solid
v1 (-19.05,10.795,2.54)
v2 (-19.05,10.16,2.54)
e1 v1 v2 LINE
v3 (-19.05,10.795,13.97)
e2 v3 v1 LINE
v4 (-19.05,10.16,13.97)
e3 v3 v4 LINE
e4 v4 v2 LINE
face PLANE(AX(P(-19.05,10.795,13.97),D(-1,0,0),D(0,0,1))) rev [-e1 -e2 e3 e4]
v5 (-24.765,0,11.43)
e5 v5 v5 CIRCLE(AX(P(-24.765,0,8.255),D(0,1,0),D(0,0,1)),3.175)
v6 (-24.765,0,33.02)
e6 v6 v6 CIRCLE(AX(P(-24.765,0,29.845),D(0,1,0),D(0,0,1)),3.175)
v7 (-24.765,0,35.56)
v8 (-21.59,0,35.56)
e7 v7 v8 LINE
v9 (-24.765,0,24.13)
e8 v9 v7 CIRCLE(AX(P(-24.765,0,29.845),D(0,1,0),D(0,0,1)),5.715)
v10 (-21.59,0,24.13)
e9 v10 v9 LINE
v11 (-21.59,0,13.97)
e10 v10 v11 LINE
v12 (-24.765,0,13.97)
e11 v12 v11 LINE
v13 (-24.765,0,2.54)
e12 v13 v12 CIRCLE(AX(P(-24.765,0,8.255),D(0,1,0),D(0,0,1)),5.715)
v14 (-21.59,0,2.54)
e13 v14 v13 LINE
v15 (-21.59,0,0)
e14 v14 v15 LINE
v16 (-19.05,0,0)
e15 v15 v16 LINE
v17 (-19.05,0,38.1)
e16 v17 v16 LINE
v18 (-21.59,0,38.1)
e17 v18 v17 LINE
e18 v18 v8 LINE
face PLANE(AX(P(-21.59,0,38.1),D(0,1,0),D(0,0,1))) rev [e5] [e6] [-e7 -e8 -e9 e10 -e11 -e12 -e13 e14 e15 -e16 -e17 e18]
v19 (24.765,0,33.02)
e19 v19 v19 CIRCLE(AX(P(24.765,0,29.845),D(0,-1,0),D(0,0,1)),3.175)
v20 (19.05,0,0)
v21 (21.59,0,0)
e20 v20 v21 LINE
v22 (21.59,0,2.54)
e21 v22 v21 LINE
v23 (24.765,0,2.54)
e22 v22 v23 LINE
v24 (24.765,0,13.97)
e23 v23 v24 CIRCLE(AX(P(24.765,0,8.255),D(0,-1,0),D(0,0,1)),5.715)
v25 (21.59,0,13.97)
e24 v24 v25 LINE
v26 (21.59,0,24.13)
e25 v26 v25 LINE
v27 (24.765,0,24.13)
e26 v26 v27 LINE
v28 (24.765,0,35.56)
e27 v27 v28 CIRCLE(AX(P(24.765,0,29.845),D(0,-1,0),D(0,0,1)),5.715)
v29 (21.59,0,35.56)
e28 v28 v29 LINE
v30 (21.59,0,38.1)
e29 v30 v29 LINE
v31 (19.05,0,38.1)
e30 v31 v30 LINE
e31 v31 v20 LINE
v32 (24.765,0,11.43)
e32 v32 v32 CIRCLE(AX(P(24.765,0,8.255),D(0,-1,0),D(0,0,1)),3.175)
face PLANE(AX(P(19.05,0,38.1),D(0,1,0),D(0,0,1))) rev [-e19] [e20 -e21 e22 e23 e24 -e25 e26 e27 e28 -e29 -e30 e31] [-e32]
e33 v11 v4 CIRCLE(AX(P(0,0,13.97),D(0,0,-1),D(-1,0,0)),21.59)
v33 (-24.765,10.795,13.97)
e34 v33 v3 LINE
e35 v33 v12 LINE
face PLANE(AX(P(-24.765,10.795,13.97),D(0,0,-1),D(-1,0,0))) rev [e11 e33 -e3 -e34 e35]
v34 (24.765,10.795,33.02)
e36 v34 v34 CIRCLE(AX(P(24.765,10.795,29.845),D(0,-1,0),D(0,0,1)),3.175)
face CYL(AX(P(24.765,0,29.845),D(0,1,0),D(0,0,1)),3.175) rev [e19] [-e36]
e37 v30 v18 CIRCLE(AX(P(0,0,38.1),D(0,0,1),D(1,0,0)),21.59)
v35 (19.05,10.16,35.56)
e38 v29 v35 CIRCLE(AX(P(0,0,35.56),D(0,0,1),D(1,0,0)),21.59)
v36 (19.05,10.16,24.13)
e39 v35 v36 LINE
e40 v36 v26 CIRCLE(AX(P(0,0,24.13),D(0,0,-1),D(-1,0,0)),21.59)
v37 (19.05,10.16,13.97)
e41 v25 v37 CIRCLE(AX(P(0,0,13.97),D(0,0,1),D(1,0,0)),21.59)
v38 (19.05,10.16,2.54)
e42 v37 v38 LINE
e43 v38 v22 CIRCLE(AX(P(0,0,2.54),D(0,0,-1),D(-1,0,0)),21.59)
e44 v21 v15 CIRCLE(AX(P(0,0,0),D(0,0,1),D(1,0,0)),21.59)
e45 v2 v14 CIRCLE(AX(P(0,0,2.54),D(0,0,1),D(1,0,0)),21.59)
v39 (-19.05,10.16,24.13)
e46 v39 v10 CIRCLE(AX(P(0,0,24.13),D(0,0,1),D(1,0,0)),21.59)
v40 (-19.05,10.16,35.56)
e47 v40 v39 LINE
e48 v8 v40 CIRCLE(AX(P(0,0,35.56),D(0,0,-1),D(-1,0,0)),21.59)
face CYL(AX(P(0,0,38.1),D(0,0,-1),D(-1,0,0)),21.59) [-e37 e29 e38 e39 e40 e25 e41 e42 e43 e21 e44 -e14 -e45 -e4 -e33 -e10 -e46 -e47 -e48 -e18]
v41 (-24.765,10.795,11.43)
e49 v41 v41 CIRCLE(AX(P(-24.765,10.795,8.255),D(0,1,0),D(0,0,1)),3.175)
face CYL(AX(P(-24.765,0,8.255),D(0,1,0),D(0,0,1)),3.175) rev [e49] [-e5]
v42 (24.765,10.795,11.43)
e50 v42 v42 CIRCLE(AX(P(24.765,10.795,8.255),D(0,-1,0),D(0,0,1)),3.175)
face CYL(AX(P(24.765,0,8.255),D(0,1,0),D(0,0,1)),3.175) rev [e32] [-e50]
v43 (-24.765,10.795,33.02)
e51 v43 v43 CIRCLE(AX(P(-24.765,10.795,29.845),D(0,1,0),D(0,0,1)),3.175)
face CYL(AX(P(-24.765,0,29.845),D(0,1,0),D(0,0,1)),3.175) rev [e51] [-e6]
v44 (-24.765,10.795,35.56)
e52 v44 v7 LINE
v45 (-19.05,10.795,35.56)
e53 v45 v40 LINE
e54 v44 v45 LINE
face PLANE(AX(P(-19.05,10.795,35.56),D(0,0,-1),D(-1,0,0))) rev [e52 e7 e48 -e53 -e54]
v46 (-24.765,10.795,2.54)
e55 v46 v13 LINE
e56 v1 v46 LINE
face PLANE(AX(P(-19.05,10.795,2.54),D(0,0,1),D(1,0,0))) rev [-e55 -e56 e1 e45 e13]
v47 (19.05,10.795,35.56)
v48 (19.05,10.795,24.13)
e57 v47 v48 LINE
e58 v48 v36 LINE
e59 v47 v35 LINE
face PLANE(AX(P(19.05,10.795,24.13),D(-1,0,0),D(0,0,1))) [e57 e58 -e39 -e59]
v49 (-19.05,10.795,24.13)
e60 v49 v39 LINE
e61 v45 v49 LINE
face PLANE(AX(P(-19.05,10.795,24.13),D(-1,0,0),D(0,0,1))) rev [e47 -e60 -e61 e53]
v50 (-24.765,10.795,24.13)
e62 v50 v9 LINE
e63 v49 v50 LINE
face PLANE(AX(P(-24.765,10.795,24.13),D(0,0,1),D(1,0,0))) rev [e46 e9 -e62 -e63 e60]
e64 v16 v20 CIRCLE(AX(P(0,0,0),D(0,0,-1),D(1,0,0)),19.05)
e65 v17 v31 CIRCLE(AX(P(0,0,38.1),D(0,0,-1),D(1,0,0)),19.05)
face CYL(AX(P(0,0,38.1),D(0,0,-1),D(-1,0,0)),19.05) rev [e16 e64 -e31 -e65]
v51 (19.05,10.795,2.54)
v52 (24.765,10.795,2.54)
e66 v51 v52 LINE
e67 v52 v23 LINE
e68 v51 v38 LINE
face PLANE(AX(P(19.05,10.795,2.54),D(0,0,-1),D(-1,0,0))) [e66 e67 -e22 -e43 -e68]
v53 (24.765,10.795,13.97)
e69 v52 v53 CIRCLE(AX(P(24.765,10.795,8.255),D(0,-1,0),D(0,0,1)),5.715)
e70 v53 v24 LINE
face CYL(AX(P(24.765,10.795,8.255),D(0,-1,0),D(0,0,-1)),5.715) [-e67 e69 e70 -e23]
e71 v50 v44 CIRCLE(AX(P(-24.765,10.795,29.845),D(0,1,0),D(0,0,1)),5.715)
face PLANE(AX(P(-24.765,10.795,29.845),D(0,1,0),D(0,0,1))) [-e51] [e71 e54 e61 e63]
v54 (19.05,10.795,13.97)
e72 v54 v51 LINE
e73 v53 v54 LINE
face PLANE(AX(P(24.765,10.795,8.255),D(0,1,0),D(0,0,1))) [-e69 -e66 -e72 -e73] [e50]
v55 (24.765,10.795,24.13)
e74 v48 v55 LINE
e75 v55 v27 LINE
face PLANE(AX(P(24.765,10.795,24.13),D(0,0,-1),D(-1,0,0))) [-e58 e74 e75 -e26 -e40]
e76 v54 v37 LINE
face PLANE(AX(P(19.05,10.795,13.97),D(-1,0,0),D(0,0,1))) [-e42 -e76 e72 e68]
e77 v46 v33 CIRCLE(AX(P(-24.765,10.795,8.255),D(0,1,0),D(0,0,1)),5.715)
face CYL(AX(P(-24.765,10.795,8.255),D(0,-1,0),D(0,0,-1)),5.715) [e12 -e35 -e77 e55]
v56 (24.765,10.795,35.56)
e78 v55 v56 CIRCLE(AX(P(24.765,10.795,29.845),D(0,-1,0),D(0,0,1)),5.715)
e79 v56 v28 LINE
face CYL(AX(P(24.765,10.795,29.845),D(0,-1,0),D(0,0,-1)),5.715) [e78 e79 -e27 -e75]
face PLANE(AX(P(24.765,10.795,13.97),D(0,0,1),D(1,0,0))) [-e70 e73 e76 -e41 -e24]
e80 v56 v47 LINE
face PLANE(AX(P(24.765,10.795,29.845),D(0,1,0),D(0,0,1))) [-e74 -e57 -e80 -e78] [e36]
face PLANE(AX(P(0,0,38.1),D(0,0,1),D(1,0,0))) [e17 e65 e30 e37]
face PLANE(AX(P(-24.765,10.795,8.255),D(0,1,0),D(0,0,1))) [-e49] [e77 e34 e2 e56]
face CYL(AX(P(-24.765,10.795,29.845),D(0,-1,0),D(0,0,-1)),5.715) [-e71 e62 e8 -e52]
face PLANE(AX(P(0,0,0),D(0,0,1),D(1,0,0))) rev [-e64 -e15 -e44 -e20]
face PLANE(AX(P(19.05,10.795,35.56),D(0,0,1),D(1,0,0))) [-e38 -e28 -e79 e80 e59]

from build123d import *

# Parameters (mm, degrees)
BOSS_EXTRUDE2_DEPTH = 38.1
SKETCH8_R           = 5.715
BOSS_EXTRUDE3_DEPTH = 10.795
SKETCH9_W           = 5.715
SKETCH9_H           = 11.43
BOSS_EXTRUDE4_DEPTH = 10.795
SKETCH10_R          = 3.175
CUT_EXTRUDE1_DEPTH  = 10.795


with BuildPart() as part:
    # Sketch1 → Boss-Extrude2 (new body)
    with BuildSketch(Plane.XY):
        with BuildLine():
            Line((-21.59, 0), (-19.05, 0))
            ThreePointArc((-19.05, 0), (0, 19.05), (19.05, 0))
            Line((19.05, 0), (21.59, 0))
            ThreePointArc((21.59, 0), (0, 21.59), (-21.59, 0))
        make_face()
    extrude(amount=BOSS_EXTRUDE2_DEPTH)

    # Sketch8 → Boss-Extrude3 (add)
    with BuildSketch(Plane(origin=(0, 0, 0), x_dir=(1, 0, 0), z_dir=(0, 1, 0))):
        with Locations(Location((-24.765, -8.255, 0), (0, 0, 56.251011404))):
            Circle(SKETCH8_R)
        with Locations(Location((-24.765, -29.845, 0), (0, 0, 56.251011404))):
            Circle(SKETCH8_R)
    boss_extrude3 = extrude(amount=BOSS_EXTRUDE3_DEPTH)

    # Sketch9 → Boss-Extrude4 (add)
    with BuildSketch(Plane(origin=(0, 0, 0), x_dir=(1, 0, 0), z_dir=(0, 1, 0))):
        with Locations((-21.9075, -29.845)):
            Rectangle(SKETCH9_W, SKETCH9_H)
        with Locations((-21.9075, -8.255)):
            Rectangle(SKETCH9_W, SKETCH9_H)
    boss_extrude4 = extrude(amount=BOSS_EXTRUDE4_DEPTH)

    # Sketch10 → Cut-Extrude1 (cut)
    with BuildSketch(Plane(origin=(0, 10.795, 0), x_dir=(1, 0, 0), z_dir=(0, 1, 0))):
        with Locations(Location((-24.765, -29.845, 0), (0, 0, 270))):
            Circle(SKETCH10_R)
        with Locations(Location((-24.765, -8.255, 0), (0, 0, 270))):
            Circle(SKETCH10_R)
    cut_extrude1 = extrude(amount=-CUT_EXTRUDE1_DEPTH, mode=Mode.SUBTRACT)

    # Mirror1: Boss-Extrude3, Boss-Extrude4, Cut-Extrude1 across plane
    add(boss_extrude3.mirror(Plane(origin=(0, 0, 0), x_dir=(0, 0, 1), z_dir=(1, 0, 0))))
    add(boss_extrude4.mirror(Plane(origin=(0, 0, 0), x_dir=(0, 0, 1), z_dir=(1, 0, 0))))
    add(cut_extrude1.mirror(Plane(origin=(0, 0, 0), x_dir=(0, 0, 1), z_dir=(1, 0, 0))), mode=Mode.SUBTRACT)


solid = part.part
